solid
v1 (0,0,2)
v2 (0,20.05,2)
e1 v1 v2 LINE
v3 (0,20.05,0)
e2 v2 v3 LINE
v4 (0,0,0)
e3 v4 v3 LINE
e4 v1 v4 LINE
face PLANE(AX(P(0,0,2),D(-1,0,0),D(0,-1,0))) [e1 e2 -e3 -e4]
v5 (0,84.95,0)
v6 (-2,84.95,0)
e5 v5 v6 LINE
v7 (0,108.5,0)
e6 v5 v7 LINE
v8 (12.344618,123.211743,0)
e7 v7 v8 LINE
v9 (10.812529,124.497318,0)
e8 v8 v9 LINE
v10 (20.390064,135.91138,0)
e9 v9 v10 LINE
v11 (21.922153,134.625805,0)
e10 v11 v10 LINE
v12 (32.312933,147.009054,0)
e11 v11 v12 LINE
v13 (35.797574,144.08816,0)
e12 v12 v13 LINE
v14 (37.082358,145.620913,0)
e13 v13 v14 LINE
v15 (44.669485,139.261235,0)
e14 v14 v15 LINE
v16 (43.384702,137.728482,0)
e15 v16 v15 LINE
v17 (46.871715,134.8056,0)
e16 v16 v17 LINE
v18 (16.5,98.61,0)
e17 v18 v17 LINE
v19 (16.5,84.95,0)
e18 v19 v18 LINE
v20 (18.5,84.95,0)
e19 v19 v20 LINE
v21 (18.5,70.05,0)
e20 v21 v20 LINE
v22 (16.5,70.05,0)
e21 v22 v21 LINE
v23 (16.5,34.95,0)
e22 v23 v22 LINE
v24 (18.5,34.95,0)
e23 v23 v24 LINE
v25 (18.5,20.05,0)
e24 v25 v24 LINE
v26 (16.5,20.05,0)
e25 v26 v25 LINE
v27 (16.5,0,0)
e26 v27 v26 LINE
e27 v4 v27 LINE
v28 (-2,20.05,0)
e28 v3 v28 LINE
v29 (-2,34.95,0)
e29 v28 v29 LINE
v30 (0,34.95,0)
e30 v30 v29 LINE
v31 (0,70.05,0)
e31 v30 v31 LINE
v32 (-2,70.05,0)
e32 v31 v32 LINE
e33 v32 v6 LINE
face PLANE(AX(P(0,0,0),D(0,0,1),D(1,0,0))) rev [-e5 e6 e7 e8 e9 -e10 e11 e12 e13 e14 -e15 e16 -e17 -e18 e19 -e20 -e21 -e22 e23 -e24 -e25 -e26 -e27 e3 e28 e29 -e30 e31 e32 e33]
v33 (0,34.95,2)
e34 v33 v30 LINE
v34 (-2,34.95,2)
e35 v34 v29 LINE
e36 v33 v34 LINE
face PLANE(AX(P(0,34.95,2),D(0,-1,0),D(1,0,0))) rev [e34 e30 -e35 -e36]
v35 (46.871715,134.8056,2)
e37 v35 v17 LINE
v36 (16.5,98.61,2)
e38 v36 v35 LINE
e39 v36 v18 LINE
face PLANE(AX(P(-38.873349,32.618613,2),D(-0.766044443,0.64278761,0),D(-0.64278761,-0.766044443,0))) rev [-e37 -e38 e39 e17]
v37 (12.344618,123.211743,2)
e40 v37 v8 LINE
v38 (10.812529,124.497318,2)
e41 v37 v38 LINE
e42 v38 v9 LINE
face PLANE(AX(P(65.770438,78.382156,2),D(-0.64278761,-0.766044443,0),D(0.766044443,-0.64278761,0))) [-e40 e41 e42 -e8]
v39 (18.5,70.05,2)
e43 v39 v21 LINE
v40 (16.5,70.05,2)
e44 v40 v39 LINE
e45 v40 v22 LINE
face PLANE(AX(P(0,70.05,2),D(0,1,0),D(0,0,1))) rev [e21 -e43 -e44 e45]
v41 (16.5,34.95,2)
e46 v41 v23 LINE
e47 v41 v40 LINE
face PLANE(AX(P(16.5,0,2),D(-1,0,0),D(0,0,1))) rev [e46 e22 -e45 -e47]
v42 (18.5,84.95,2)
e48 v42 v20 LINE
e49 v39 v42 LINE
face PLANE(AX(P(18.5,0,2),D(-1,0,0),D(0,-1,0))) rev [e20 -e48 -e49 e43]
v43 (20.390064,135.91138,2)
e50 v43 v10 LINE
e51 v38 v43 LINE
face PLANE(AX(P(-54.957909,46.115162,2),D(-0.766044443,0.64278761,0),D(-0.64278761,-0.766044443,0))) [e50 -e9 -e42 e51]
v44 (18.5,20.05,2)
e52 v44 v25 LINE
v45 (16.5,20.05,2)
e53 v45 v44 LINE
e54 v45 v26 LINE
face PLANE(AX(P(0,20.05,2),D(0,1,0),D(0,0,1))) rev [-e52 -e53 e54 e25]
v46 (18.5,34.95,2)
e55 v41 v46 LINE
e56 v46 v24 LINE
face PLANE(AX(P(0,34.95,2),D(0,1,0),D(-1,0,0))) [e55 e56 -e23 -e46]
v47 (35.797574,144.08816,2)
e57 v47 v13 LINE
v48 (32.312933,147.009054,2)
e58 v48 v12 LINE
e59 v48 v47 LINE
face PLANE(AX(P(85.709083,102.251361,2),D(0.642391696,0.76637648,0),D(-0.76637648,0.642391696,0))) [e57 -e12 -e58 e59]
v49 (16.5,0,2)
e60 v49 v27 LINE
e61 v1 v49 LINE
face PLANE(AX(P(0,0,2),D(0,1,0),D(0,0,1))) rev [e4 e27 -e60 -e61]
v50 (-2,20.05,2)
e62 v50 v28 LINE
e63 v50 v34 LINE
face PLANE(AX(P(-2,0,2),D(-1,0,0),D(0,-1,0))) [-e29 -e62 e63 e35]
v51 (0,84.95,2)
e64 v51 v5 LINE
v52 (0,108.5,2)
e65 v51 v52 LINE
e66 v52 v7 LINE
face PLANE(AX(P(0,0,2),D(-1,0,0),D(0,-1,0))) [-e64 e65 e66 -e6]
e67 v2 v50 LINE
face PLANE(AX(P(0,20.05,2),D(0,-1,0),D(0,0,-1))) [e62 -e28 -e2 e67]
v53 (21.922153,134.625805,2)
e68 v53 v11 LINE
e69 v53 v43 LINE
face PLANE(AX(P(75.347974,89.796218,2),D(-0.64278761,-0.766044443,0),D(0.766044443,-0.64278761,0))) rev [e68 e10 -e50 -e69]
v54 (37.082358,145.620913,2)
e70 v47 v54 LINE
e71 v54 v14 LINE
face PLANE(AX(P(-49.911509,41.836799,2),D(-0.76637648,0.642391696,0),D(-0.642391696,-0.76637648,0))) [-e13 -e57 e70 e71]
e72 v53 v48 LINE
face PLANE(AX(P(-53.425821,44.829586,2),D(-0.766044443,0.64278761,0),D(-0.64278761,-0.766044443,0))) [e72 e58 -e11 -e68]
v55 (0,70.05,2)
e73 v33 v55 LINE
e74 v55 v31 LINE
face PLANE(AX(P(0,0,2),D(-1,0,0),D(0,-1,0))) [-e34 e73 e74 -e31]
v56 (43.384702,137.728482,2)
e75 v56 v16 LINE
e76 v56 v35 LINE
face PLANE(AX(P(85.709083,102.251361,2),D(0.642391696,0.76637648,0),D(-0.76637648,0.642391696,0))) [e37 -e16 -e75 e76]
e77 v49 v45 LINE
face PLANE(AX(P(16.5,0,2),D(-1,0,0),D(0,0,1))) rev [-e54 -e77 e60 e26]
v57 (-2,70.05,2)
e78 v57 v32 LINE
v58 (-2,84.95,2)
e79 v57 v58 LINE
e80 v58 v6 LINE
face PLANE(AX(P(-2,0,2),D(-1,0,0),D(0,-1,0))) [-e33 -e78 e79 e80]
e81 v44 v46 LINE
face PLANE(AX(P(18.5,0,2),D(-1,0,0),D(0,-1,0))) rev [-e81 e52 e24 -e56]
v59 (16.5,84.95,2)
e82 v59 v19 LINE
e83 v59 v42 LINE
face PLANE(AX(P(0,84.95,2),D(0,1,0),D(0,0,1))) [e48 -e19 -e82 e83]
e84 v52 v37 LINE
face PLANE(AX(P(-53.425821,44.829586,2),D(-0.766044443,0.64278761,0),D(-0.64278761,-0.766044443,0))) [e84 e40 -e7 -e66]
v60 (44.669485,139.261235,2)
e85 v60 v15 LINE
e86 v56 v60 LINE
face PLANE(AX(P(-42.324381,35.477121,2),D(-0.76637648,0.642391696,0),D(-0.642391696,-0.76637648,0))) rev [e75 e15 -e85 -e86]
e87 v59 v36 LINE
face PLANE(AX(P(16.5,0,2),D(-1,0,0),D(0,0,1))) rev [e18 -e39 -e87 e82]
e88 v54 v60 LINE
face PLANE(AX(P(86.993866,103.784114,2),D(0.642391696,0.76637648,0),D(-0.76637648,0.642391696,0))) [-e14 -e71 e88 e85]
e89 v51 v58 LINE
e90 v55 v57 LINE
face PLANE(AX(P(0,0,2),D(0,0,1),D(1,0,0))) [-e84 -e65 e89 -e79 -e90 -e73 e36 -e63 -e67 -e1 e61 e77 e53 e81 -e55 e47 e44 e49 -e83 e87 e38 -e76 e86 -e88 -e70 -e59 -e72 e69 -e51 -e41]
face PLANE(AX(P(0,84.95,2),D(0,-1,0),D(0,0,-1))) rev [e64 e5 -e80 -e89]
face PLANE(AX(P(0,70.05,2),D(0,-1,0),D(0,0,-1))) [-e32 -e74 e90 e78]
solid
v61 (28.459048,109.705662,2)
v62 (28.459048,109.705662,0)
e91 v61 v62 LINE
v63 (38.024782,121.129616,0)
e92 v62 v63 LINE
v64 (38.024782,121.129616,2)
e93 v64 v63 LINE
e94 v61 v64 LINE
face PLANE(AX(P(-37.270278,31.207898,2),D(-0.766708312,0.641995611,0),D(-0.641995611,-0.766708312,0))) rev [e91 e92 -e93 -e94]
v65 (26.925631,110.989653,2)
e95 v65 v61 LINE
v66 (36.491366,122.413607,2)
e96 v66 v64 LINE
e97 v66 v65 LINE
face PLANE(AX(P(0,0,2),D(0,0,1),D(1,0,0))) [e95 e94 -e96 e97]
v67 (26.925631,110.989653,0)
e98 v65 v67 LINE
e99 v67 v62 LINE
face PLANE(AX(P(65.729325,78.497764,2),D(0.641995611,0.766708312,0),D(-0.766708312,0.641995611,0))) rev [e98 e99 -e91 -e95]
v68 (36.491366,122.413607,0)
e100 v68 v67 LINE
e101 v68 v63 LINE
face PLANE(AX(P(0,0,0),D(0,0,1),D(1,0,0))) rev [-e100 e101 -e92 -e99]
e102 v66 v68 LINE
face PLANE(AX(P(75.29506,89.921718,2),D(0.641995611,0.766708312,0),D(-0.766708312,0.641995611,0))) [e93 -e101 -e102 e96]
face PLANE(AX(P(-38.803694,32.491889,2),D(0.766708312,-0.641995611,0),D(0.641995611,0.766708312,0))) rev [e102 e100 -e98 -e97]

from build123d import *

# Parameters (mm, degrees)
SKETCH1_W           = 2
SKETCH1_H           = 14.9
BOSS_EXTRUDE2_DEPTH = 2


with BuildPart() as part:
    # Sketch1 → Boss-Extrude2 (new body)
    with BuildSketch(Plane.XY):
        Polygon((43.384701574, 137.728482154), (46.871714558, 134.805599937), (16.5, 98.61), (16.5, 0), (0, 0), (0, 20.05), (-2, 20.05), (-2, 34.95), (0, 34.95), (0, 70.05), (-2, 70.05), (-2, 84.95), (0, 84.95), (0, 108.5), (12.344617782, 123.211742591), (10.812528896, 124.497317811), (20.39006428, 135.911380013), (21.922153167, 134.625804794), (32.312933139, 147.009054156), (35.797574423, 144.088159944), (37.082357815, 145.620912904), (44.669484966, 139.261235114), align=None)
        with Locations((17.5, 77.5)):
            Rectangle(SKETCH1_W, SKETCH1_H)
        with Locations((17.5, 27.5)):
            Rectangle(SKETCH1_W, SKETCH1_H)
        Polygon((36.491365695, 122.413607016), (38.024782319, 121.129615795), (28.45904772, 109.705661945), (26.925631095, 110.989653166), align=None)
    extrude(amount=BOSS_EXTRUDE2_DEPTH)


solid = part.part
